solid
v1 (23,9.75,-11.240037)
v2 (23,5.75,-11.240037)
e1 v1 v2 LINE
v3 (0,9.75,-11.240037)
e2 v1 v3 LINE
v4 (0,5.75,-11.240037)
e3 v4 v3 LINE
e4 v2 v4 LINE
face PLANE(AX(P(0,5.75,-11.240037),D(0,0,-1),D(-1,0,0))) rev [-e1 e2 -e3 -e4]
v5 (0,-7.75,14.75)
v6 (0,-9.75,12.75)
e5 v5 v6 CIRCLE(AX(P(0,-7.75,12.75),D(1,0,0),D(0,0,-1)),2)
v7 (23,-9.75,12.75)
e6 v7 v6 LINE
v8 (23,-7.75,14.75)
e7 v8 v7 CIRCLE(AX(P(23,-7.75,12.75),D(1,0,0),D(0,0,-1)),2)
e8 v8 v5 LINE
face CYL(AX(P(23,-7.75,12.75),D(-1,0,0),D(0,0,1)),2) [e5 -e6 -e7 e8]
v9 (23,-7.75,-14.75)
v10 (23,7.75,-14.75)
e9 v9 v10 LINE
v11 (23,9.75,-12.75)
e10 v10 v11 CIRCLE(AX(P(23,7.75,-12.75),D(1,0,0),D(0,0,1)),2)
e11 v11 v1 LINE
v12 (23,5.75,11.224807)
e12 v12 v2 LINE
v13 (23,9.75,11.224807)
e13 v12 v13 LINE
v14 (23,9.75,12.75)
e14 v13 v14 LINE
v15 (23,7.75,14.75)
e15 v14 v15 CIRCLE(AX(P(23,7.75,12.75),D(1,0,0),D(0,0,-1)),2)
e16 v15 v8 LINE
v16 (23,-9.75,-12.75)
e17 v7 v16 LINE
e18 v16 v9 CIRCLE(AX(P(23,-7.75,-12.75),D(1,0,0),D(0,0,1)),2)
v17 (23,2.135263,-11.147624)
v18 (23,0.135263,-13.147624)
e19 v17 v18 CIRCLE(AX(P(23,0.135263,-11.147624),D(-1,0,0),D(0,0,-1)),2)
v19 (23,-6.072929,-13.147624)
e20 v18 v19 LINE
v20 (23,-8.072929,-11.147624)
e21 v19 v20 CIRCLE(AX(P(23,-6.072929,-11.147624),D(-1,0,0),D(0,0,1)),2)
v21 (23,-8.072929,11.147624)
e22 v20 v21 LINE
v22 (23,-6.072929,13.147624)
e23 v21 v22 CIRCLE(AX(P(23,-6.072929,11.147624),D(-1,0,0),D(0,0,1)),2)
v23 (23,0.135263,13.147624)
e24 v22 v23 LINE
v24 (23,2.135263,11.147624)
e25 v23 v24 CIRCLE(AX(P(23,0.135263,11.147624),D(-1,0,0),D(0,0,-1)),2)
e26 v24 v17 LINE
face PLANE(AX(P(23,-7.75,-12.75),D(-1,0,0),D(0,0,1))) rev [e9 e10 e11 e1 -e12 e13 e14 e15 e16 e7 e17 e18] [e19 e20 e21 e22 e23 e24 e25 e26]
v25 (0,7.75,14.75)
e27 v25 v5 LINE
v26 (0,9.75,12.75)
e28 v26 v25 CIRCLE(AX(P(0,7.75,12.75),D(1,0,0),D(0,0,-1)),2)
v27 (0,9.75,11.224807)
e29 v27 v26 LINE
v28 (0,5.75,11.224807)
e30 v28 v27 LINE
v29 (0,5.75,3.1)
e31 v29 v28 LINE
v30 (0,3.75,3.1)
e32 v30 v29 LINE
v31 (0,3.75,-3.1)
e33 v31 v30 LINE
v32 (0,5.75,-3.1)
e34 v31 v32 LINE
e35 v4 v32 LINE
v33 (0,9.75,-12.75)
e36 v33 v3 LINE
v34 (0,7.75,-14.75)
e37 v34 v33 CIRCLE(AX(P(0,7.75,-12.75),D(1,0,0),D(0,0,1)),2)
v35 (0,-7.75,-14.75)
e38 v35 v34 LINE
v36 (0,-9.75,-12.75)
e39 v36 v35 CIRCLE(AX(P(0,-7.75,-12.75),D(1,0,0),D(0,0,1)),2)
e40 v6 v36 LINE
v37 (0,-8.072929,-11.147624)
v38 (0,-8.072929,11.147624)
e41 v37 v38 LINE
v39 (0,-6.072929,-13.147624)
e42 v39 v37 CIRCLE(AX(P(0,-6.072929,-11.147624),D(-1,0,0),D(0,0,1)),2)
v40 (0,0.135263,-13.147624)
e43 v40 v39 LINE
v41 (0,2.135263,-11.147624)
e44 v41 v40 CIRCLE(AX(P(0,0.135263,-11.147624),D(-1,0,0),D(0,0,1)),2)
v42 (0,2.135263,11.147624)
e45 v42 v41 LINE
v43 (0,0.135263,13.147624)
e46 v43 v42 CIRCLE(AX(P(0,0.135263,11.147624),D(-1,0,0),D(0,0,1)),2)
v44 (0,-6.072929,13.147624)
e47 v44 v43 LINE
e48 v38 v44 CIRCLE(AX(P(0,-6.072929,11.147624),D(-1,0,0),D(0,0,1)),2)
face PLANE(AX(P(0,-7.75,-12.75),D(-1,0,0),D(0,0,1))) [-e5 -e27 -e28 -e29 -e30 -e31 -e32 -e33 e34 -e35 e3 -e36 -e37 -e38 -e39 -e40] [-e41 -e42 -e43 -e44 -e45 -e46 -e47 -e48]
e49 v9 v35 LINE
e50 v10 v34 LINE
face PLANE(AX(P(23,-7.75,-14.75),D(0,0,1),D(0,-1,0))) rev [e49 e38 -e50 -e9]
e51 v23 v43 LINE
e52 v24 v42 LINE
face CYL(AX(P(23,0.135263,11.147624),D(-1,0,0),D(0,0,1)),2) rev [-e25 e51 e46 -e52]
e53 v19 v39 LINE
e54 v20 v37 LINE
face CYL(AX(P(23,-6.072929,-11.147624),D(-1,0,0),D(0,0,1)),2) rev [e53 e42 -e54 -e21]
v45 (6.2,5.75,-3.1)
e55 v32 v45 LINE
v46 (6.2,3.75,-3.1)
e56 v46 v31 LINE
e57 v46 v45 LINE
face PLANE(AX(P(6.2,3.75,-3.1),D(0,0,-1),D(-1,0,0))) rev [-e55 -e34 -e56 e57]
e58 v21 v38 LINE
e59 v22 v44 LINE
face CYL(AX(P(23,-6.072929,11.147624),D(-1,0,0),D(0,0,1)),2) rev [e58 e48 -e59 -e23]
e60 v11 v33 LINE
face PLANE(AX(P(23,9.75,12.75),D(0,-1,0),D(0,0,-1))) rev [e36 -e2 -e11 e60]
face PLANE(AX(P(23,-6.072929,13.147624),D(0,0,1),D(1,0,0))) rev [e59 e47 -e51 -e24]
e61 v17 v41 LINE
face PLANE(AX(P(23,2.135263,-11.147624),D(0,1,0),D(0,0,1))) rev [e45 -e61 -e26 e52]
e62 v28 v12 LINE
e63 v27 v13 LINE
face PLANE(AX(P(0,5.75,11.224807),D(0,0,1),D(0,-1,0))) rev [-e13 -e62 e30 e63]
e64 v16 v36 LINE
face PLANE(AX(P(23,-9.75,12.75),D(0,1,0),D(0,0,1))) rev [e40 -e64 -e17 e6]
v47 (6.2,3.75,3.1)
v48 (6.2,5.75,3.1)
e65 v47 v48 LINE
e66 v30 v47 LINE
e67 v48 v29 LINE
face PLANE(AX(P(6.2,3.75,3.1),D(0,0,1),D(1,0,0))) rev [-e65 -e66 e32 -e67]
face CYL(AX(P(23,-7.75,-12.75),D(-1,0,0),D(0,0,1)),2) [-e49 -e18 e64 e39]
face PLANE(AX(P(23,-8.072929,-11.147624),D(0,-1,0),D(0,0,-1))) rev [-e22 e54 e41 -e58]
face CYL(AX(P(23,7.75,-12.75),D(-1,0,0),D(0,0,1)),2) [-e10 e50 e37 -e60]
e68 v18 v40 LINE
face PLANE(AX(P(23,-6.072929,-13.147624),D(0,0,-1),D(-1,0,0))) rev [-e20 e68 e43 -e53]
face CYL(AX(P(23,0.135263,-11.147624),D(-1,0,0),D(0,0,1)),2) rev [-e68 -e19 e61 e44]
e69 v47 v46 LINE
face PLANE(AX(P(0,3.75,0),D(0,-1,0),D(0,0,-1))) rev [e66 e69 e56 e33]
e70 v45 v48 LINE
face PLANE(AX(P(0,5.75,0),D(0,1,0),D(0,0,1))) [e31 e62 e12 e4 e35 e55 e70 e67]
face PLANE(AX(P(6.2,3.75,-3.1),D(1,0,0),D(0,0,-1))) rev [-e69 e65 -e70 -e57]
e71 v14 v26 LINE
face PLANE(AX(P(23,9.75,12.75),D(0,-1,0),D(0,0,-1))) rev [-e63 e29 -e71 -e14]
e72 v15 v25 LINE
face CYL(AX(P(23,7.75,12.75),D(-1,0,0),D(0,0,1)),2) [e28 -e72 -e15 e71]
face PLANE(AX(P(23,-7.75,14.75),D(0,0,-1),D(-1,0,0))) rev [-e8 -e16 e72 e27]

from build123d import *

# Parameters (mm, degrees)
BOSS_EXTRUDE1_DEPTH     = 23
SKETCH5_W               = 6.2
SKETCH5_H               = 6.2
CUT_EXTRUDE1_DEPTH      = 6
CUT_EXTRUDE2_DEPTH      = 30.010773861
CUT_EXTRUDE2_DEPTH_BACK = 30.010773861
SKETCH9_W               = 24.284850455
SKETCH9_H               = 22.464844075
CUT_EXTRUDE3_DEPTH      = 4


with BuildPart() as part:
    # Sketch3 → Boss-Extrude1 (new body)
    with BuildSketch(Plane(origin=(0, 0, 0), x_dir=(0, 0, -1), z_dir=(1, 0, 0))):
        with BuildLine():
            Line((-12.75, -9.75), (12.75, -9.75))
            ThreePointArc((12.75, -9.75), (14.164213562, -9.164213562), (14.75, -7.75))
            Line((14.75, -7.75), (14.75, 7.75))
            ThreePointArc((14.75, 7.75), (14.164213562, 9.164213562), (12.75, 9.75))
            Line((12.75, 9.75), (-12.75, 9.75))
            ThreePointArc((-12.75, 9.75), (-14.164213562, 9.164213562), (-14.75, 7.75))
            Line((-14.75, 7.75), (-14.75, -7.75))
            ThreePointArc((-14.75, -7.75), (-14.164213562, -9.164213562), (-12.75, -9.75))
        make_face()
    extrude(amount=BOSS_EXTRUDE1_DEPTH)

    # Sketch5 → Cut-Extrude1 (cut)
    with BuildSketch(Plane(origin=(0, 9.75, 0), x_dir=(1, 0, 0), z_dir=(0, 1, 0))):
        with Locations((3.1, 0)):
            Rectangle(SKETCH5_W, SKETCH5_H)
    extrude(amount=-CUT_EXTRUDE1_DEPTH, mode=Mode.SUBTRACT)

    # Sketch7 → Cut-Extrude2 (cut, two sides: drawn at the far end of the back side and taken through both)
    with BuildSketch(Plane.ZY.offset(-CUT_EXTRUDE2_DEPTH_BACK)):
        with BuildLine():
            Line((-11.147623693, -8.072928754), (11.147623693, -8.072928754))
            ThreePointArc((11.147623693, -8.072928754), (12.561837255, -7.487142316), (13.147623693, -6.072928754))
            Line((13.147623693, -6.072928754), (13.147623693, 0.135263404))
            ThreePointArc((13.147623693, 0.135263404), (12.561837255, 1.549476966), (11.147623693, 2.135263404))
            Line((11.147623693, 2.135263404), (-11.147623693, 2.135263404))
            ThreePointArc((-11.147623693, 2.135263404), (-12.561837255, 1.549476966), (-13.147623693, 0.135263404))
            Line((-13.147623693, 0.135263404), (-13.147623693, -6.072928754))
            ThreePointArc((-13.147623693, -6.072928754), (-12.561837255, -7.487142316), (-11.147623693, -8.072928754))
        make_face()
    extrude(amount=CUT_EXTRUDE2_DEPTH + CUT_EXTRUDE2_DEPTH_BACK, mode=Mode.SUBTRACT)

    # Sketch9 → Cut-Extrude3 (cut)
    with BuildSketch(Plane(origin=(0, 9.75, 0), x_dir=(1, 0, 0), z_dir=(0, 1, 0))):
        with Locations((12.142425228, 0.007615305)):
            Rectangle(SKETCH9_W, SKETCH9_H)
    extrude(amount=-CUT_EXTRUDE3_DEPTH, mode=Mode.SUBTRACT)


solid = part.part
